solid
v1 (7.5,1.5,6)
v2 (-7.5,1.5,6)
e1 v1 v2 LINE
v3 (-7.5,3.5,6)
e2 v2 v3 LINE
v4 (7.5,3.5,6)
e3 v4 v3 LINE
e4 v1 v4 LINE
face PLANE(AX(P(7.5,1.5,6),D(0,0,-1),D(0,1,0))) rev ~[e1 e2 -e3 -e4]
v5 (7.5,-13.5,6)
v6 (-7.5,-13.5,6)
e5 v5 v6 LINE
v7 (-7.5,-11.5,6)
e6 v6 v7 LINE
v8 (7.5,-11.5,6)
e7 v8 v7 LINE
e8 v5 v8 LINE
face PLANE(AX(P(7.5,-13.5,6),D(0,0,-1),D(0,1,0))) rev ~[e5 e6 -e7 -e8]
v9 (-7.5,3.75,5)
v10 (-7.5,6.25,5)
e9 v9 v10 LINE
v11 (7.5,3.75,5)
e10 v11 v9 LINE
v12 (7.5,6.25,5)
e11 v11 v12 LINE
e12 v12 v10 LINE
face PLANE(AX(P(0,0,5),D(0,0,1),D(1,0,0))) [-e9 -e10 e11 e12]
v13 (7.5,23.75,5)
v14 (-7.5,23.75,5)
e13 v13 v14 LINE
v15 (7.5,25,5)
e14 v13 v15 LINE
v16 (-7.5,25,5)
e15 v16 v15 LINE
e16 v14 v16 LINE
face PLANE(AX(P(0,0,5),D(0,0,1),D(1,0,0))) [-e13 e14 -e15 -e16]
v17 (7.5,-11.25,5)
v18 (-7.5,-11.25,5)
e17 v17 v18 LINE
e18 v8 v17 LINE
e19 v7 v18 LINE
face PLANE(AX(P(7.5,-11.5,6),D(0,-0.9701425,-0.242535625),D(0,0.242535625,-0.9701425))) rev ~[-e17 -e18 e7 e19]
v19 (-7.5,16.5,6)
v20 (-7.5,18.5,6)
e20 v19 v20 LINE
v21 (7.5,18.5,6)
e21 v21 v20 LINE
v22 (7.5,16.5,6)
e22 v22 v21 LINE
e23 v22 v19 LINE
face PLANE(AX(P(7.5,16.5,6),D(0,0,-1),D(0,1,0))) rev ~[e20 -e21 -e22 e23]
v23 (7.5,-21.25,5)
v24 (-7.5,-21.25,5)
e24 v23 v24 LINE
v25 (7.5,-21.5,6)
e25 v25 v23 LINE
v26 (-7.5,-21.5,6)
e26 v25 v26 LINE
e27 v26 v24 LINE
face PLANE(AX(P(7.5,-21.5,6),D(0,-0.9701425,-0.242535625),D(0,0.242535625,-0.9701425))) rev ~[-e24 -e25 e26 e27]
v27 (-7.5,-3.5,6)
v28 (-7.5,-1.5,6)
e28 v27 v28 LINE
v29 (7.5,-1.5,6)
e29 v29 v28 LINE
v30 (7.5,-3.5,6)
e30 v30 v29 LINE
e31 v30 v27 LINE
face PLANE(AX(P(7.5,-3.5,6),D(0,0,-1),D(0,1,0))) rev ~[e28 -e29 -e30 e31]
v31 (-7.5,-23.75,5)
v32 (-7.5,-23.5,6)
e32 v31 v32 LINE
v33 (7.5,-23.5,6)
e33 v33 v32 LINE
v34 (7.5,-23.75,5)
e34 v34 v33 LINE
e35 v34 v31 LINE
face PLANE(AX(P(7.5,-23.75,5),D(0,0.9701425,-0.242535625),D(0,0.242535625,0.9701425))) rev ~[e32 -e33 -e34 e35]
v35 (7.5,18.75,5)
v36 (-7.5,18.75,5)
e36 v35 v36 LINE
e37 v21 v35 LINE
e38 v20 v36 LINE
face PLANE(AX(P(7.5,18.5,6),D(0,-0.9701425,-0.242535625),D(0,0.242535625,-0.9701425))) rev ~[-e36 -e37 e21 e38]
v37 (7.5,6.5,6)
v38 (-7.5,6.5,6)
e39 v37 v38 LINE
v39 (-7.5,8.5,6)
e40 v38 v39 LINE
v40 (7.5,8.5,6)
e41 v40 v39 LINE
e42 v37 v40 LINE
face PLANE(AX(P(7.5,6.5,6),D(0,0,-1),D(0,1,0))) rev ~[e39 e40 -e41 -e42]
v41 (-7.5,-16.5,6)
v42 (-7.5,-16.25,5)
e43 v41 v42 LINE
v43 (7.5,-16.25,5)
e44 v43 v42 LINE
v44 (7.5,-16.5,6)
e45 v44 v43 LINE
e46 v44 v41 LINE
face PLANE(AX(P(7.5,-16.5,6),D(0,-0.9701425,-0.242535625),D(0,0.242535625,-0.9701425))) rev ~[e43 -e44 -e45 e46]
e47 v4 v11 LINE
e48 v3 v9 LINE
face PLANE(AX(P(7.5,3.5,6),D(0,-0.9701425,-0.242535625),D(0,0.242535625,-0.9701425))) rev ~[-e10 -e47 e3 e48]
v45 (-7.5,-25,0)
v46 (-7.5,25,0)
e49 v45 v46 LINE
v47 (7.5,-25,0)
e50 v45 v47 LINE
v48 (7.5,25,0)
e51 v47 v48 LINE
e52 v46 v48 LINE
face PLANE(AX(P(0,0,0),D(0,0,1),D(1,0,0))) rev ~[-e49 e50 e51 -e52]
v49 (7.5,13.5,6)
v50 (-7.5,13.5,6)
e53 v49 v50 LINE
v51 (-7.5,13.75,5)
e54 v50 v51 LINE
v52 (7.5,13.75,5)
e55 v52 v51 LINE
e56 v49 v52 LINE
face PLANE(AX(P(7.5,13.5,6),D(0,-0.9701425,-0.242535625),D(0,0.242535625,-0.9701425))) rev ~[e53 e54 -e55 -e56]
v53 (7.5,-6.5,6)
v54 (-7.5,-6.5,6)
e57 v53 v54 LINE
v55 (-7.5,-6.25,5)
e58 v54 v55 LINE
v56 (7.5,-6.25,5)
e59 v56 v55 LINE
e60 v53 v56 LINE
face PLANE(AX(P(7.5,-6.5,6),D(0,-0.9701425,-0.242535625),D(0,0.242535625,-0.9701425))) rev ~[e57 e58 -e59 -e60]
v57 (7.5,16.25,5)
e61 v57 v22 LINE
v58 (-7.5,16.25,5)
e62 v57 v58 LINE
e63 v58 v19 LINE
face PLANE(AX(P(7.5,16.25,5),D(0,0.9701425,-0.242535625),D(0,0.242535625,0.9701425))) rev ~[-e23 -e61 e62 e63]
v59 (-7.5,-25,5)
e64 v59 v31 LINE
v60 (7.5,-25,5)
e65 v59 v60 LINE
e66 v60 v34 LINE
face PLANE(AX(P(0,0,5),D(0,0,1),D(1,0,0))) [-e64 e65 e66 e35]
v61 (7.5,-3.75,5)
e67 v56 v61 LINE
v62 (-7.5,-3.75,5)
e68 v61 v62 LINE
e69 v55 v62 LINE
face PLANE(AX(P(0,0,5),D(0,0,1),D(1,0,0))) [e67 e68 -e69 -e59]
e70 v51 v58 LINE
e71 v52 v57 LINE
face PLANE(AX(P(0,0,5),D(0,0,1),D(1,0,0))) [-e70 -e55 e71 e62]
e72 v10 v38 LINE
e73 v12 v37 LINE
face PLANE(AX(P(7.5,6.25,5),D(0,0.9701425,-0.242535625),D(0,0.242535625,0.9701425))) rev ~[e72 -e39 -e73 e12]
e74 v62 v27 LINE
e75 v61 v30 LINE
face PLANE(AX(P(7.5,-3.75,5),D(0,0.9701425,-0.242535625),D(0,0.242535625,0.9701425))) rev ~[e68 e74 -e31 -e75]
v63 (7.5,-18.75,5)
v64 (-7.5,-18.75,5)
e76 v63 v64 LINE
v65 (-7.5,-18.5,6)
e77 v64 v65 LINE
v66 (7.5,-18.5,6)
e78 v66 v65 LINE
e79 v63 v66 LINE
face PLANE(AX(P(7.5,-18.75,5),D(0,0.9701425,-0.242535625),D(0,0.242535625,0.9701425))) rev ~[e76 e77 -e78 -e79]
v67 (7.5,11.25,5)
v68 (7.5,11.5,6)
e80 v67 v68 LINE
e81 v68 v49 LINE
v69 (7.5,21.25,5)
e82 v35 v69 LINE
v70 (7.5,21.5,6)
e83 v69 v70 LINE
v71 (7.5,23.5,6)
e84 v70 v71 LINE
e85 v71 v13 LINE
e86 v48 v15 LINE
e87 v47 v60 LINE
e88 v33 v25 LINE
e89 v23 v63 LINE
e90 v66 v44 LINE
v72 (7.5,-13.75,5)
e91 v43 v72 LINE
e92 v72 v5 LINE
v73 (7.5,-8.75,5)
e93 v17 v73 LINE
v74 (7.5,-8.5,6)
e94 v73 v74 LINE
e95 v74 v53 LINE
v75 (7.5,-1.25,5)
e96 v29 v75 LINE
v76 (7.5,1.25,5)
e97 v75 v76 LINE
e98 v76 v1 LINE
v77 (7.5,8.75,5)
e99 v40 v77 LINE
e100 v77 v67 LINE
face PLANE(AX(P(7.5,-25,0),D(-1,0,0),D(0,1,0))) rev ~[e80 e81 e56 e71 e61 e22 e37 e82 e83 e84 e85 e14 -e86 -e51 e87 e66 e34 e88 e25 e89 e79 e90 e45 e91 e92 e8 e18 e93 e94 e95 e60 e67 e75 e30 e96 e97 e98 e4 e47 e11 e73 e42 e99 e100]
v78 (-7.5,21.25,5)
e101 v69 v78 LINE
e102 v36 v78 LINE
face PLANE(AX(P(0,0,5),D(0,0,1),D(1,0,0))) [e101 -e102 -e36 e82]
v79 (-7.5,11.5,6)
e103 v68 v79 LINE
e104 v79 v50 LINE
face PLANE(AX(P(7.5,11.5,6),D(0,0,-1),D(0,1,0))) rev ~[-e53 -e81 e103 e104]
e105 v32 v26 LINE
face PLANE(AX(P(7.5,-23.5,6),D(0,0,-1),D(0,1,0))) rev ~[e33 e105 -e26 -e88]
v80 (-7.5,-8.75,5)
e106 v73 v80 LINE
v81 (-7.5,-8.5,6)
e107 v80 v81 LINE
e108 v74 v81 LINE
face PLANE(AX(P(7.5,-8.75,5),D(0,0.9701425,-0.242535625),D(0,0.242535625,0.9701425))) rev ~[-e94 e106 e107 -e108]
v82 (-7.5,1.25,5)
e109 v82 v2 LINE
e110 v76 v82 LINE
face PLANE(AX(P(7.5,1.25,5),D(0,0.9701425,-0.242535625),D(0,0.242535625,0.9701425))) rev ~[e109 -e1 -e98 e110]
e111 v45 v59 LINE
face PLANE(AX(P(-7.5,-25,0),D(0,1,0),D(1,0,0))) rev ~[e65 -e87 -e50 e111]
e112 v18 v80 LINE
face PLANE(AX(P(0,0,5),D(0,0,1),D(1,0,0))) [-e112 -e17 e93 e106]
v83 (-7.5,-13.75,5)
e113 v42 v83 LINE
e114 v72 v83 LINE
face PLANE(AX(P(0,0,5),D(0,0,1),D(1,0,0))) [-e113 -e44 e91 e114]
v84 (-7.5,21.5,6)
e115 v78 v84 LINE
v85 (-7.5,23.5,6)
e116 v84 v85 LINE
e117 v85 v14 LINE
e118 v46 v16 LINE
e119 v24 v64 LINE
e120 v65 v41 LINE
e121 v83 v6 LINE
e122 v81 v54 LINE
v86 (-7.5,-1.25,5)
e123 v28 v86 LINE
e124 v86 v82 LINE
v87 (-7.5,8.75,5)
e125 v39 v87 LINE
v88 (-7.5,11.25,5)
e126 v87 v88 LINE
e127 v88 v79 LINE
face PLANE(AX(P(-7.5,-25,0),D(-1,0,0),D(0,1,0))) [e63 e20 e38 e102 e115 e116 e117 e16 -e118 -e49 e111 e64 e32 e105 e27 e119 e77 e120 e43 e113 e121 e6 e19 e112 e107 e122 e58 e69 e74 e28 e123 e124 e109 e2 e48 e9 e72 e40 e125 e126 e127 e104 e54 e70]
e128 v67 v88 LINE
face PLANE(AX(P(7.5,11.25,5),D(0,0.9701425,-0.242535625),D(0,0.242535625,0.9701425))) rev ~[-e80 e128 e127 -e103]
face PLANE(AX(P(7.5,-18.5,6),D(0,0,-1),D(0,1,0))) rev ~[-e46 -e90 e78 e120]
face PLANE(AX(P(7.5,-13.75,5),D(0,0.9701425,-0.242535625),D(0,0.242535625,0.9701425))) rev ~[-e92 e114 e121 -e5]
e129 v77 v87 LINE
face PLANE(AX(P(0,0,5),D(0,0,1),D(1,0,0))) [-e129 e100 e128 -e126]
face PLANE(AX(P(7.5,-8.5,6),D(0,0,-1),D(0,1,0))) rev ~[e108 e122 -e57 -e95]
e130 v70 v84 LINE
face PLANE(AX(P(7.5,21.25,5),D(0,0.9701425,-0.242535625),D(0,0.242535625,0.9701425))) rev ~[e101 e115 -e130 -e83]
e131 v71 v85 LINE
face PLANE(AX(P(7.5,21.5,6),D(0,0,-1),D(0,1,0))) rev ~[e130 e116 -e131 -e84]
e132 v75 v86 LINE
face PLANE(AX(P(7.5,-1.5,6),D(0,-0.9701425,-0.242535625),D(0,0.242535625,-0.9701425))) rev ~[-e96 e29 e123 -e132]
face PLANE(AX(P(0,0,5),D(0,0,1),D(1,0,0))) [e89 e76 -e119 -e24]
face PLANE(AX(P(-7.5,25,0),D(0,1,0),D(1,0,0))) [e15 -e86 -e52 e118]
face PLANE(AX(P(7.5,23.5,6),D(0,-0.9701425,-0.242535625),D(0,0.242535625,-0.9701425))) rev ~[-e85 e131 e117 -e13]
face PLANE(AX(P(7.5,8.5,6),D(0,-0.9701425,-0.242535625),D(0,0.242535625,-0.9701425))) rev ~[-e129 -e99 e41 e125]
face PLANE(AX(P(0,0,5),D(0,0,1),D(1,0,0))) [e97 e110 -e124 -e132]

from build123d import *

# Parameters (mm, degrees)
SKETCH_W     = 15
SKETCH_H     = 50
PAD_DEPTH    = 5
PAD001_DEPTH = 15


with BuildPart() as part:
    # Sketch → Pad (new body)
    with BuildSketch(Plane.XY):
        Rectangle(SKETCH_W, SKETCH_H)
    extrude(amount=PAD_DEPTH)

    # Sketch001 (on Face3 of Pad) → Pad001 (join)
    with BuildSketch(Plane.YZ.offset(7.5)):
        Polygon((-23.75, 5), (-23.5, 6), (-21.5, 6), (-21.25, 5), align=None)
        Polygon((-18.75, 5), (-18.5, 6), (-16.5, 6), (-16.25, 5), align=None)
        Polygon((-13.75, 5), (-13.5, 6), (-11.5, 6), (-11.25, 5), align=None)
        Polygon((-8.75, 5), (-8.5, 6), (-6.5, 6), (-6.25, 5), align=None)
        Polygon((-3.75, 5), (-3.5, 6), (-1.5, 6), (-1.25, 5), align=None)
        Polygon((1.25, 5), (1.5, 6), (3.5, 6), (3.75, 5), align=None)
        Polygon((6.25, 5), (6.5, 6), (8.5, 6), (8.75, 5), align=None)
        Polygon((11.25, 5), (11.5, 6), (13.5, 6), (13.75, 5), align=None)
        Polygon((16.25, 5), (16.5, 6), (18.5, 6), (18.75, 5), align=None)
        Polygon((21.25, 5), (21.5, 6), (23.5, 6), (23.75, 5), align=None)
    extrude(amount=-PAD001_DEPTH)


solid = part.part
